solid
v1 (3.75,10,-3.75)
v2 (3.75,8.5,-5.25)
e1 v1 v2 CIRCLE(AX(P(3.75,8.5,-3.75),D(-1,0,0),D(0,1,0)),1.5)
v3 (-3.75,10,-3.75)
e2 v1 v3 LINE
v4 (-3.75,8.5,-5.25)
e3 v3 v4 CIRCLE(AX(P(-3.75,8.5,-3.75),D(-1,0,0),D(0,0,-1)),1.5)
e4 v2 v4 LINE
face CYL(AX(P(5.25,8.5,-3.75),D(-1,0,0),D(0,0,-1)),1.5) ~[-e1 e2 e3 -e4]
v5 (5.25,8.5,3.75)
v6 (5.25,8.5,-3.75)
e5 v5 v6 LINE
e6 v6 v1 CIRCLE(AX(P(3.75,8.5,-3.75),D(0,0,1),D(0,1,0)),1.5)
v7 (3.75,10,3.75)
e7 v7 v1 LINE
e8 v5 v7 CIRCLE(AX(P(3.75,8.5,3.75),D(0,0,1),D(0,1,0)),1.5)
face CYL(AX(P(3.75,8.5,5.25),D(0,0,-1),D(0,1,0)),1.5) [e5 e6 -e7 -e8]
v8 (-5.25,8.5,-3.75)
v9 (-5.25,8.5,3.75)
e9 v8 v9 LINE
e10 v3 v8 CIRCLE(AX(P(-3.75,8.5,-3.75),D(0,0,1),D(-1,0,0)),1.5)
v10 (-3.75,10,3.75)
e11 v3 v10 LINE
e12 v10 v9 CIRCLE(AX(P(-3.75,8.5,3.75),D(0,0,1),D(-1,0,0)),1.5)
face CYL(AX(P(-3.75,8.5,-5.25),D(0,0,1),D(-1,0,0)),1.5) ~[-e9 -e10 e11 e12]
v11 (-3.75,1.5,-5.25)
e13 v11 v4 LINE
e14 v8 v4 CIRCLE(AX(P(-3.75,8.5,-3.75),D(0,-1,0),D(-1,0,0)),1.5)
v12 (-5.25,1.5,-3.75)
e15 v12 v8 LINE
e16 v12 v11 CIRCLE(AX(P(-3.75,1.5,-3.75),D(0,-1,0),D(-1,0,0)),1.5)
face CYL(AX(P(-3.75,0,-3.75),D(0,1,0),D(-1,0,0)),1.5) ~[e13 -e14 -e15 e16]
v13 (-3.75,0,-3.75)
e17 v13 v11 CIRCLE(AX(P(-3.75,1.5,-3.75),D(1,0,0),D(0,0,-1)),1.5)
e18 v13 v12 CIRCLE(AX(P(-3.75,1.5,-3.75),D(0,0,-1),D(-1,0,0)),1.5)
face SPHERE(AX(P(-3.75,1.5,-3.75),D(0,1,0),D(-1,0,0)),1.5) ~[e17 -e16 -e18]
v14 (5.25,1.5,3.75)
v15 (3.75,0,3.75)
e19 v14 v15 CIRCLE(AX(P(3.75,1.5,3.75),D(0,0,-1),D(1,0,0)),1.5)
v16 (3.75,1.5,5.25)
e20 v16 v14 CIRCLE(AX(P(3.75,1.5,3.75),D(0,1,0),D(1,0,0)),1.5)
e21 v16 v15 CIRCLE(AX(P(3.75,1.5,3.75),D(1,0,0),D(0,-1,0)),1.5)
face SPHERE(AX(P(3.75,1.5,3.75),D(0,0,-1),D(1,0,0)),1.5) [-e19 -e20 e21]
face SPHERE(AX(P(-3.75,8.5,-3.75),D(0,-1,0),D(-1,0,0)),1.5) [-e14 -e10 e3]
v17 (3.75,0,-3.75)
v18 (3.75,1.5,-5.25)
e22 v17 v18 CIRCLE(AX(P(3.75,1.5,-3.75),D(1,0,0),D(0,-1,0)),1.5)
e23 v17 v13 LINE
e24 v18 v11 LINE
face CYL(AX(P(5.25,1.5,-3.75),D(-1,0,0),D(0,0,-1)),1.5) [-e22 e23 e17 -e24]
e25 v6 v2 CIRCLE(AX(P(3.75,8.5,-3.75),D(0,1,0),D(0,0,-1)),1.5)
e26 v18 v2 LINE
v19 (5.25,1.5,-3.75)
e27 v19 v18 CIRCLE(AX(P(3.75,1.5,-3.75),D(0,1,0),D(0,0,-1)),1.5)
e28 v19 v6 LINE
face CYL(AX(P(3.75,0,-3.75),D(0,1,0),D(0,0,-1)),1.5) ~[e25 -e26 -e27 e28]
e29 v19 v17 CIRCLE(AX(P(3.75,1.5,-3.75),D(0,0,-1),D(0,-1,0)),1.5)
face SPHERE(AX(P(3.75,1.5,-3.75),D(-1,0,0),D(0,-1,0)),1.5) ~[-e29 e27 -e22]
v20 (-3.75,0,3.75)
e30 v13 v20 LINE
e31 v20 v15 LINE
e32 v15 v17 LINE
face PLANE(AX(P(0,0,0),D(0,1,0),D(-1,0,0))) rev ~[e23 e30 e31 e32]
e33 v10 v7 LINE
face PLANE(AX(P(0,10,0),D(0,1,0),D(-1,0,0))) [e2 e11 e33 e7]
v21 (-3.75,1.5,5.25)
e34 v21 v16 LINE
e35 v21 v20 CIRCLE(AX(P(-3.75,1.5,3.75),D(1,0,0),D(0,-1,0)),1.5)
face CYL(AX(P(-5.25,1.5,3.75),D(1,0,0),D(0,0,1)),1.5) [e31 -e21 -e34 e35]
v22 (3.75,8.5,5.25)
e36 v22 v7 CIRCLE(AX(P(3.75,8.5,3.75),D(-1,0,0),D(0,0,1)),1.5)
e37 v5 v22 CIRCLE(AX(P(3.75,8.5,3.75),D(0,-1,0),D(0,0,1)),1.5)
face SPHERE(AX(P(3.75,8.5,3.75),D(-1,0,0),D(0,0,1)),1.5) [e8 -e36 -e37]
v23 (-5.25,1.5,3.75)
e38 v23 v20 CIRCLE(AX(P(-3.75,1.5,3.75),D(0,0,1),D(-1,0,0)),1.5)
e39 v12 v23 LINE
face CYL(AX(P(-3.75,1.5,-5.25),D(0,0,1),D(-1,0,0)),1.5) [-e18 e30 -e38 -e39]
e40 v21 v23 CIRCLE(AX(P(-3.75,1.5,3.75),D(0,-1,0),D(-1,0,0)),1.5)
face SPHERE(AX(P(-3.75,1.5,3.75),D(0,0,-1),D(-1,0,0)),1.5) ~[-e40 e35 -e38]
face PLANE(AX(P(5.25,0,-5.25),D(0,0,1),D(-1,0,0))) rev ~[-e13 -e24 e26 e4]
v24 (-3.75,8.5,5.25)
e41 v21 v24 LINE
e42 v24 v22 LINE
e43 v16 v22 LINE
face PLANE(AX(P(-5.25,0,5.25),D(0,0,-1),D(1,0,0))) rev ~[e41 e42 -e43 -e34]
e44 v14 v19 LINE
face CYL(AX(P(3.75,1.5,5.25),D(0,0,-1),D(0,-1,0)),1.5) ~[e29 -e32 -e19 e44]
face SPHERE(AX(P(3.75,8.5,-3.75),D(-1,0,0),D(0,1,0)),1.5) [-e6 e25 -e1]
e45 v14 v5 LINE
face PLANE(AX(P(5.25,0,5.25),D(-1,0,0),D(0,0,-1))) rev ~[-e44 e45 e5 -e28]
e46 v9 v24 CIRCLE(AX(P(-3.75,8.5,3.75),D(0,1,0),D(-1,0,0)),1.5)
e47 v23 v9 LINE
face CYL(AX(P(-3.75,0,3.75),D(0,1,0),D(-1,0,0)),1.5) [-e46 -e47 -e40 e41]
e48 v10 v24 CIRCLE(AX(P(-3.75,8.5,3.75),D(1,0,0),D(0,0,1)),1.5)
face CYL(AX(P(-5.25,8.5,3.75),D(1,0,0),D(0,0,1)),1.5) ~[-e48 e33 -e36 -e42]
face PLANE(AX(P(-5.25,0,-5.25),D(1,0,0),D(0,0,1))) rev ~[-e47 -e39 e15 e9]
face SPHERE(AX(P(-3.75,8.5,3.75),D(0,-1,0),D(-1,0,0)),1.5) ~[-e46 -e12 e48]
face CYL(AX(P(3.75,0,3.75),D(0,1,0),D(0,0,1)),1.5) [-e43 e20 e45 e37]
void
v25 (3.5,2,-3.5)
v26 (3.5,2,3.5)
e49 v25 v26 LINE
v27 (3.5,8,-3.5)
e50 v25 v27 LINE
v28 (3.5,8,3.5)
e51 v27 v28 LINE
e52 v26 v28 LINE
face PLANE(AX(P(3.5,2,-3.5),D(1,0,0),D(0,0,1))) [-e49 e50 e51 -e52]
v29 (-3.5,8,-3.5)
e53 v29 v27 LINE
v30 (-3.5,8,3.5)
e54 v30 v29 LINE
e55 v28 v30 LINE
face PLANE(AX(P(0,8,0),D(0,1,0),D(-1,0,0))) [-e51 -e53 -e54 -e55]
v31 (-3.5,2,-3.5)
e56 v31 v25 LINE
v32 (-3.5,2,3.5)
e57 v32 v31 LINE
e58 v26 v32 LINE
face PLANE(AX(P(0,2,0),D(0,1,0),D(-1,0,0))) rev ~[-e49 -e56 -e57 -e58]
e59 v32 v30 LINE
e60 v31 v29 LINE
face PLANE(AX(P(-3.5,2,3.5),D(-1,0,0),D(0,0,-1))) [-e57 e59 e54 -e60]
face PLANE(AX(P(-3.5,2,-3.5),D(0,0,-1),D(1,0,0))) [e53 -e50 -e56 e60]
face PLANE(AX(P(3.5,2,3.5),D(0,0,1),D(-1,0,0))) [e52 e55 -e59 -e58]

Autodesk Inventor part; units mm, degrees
ref_plane "YZ Plane" through (0, 0, 0) normal (1, 0, 0) x (0, 1, 0)
ref_plane "XZ Plane" through (0, 0, 0) normal (0, 1, 0) x (-1, 0, 0)
ref_plane "XY Plane" through (0, 0, 0) normal (0, 0, 1) x (1, 0, 0)
sketch "Эскиз1" plane through (0, 0, 0) normal (0, 1, 0) x (-1, 0, 0)
  line L0 (5.25, 5.25) -> (-5.25, 5.25)
  line L1 (-5.25, 5.25) -> (-5.25, -5.25)
  line L2 (-5.25, -5.25) -> (5.25, -5.25)
  line L3 (5.25, -5.25) -> (5.25, 5.25)
  line L4 (5.25, 0) -> (-5.25, 0) construction
  line L5 (0, 5.25) -> (0, -5.25) construction
  line L6 (3.5, -3.5) -> (-3.5, -3.5)
  line L7 (-3.5, -3.5) -> (-3.5, 3.5)
  line L8 (-3.5, 3.5) -> (3.5, 3.5)
  line L9 (3.5, 3.5) -> (3.5, -3.5)
  line L10 (0, -3.5) -> (0, 3.5) construction
  line L11 (3.5, 0) -> (-3.5, 0) construction
  point P0 (0, 0)
  point P1 (0, 0)
  point P2 (0, 0)
  dimension "d0" = 10.5
  dimension "d1" = 10.5
  dimension "d4" = 7
  dimension "d5" = 7
extrude "Выдавливание1" add sketch "Эскиз1" along normal blind 10 contours L3 L2 L1 L0 | L6 L7 L8 L9
ref_plane "РабПлоскость1" through (0, 2, 0) normal (0, -1, 0) x (1, 0, 0)
extrude "Выдавливание2" cut sketch "Эскиз1" along normal blind 6 from surface at 2 contours L6 L7 L8 L9
fillet "Сопряжение1" radius 1.5 12 edges at (-5.25, 5, -5.25) (-5.25, 0, 0) (0, 0, -5.25) (-5.25, 5, 5.25) (-5.25, 10, 0) (0, 10, -5.25) (0, 10, 5.25) (5.25, 0, 0) (5.25, 5, 5.25) (5.25, 10, 0) (5.25, 5, -5.25) (0, 0, 5.25)
properties part number "cube"
